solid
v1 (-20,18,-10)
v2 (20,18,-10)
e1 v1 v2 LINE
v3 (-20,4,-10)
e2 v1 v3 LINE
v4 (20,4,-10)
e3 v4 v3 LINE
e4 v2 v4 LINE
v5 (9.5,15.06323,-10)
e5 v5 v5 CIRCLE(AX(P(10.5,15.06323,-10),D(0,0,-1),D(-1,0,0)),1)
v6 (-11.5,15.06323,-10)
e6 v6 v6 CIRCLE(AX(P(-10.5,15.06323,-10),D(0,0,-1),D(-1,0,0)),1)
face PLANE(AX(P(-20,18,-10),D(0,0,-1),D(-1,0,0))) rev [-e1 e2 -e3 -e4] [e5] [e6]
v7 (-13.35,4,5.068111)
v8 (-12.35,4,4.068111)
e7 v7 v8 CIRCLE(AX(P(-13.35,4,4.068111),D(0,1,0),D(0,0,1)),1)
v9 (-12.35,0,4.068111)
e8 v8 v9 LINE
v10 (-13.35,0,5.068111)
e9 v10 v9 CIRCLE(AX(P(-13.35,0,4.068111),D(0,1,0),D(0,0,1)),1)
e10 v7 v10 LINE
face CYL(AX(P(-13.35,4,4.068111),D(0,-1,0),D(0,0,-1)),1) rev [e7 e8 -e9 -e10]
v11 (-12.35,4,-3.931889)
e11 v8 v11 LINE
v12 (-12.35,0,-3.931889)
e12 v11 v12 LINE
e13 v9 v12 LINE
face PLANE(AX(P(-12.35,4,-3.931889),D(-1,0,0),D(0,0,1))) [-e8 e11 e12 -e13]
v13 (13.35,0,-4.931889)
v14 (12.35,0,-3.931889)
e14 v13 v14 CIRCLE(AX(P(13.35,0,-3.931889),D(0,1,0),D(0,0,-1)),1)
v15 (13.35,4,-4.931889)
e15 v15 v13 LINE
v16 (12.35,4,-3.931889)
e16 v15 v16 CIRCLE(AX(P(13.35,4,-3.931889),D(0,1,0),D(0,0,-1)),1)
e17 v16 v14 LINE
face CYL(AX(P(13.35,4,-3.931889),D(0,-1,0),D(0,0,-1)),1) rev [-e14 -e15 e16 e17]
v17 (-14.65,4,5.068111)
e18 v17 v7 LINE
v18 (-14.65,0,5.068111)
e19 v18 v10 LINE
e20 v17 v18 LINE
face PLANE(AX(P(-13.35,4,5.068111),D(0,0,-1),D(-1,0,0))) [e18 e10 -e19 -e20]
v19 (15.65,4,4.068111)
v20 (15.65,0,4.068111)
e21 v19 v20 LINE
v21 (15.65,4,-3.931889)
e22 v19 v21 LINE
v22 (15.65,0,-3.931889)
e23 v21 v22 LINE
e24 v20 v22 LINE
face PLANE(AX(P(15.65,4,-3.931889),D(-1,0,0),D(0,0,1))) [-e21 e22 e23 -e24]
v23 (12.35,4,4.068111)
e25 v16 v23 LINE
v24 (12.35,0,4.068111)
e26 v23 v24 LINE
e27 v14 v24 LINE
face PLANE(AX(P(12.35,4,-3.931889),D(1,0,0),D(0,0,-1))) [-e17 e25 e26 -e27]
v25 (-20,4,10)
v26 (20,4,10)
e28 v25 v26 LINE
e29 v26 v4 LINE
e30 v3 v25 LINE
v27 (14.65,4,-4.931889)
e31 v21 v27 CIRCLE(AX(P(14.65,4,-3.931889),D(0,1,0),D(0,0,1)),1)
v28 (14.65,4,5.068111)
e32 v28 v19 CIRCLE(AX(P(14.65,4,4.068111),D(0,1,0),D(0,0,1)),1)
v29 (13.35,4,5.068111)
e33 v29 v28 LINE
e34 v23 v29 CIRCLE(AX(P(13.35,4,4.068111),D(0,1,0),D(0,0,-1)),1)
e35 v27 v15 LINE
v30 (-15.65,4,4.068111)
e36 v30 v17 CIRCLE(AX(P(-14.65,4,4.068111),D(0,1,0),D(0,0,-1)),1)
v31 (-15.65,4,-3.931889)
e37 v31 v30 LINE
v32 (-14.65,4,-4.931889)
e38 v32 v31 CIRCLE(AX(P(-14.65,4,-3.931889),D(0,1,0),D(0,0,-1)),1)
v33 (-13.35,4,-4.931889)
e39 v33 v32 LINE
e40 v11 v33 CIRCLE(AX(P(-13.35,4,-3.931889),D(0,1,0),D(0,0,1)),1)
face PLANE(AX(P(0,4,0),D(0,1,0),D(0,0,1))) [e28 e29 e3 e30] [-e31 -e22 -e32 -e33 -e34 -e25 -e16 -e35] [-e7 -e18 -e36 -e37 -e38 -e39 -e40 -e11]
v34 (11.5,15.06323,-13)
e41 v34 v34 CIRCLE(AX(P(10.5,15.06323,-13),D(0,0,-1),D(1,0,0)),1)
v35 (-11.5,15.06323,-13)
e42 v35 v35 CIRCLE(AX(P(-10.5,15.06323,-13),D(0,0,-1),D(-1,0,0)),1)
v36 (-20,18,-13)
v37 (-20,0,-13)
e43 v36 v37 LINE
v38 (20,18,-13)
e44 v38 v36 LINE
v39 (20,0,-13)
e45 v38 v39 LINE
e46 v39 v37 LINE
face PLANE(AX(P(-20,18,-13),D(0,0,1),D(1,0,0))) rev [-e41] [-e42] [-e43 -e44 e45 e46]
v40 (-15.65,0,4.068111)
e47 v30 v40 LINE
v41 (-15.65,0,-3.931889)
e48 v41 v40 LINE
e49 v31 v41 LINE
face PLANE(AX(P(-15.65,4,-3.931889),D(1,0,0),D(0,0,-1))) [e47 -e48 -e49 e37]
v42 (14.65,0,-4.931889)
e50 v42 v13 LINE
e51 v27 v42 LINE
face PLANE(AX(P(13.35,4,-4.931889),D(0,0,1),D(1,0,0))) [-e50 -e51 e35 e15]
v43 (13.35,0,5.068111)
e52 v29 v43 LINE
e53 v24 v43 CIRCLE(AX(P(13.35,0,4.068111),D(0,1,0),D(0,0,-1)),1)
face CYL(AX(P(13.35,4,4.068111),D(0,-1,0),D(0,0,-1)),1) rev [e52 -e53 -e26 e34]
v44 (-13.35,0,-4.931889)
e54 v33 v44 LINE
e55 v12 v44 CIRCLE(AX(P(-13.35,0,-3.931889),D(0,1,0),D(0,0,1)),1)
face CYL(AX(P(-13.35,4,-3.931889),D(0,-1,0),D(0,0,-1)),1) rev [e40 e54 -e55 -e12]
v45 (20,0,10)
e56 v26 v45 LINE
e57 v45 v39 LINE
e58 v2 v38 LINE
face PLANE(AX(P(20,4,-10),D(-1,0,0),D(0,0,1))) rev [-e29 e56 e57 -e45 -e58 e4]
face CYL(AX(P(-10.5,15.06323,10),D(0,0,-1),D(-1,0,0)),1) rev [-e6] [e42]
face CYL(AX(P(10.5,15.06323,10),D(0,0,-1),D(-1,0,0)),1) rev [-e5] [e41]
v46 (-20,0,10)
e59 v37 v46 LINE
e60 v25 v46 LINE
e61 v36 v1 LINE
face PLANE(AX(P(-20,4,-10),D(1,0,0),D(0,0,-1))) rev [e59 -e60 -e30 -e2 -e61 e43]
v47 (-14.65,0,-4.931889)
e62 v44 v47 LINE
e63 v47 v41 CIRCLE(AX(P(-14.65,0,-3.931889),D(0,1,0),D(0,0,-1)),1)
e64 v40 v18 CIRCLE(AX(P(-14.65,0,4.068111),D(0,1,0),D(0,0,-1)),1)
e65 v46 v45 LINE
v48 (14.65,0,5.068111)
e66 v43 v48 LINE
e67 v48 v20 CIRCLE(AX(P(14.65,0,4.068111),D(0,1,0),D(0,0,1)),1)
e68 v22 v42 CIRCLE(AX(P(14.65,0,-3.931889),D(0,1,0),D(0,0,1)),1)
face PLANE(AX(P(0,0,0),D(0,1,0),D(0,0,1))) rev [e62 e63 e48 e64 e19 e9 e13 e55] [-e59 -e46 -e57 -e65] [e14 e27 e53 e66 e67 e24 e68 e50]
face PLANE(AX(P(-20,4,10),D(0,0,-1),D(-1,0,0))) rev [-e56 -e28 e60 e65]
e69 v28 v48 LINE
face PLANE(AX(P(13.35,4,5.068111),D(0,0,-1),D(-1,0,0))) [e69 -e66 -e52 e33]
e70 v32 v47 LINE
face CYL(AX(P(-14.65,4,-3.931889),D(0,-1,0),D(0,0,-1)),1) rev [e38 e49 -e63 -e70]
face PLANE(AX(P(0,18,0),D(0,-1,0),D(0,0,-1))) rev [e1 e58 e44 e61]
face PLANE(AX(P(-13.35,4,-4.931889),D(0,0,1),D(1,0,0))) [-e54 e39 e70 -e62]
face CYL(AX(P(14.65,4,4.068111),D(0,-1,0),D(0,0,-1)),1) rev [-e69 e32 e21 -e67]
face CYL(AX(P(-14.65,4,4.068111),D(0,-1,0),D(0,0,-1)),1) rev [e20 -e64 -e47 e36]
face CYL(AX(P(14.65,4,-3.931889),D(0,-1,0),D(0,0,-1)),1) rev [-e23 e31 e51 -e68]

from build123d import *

# Parameters (mm, degrees)
SKETCH1_W           = 40
SKETCH1_H           = 20
BOSS_EXTRUDE1_DEPTH = 4
SKETCH2_W           = 40
SKETCH2_H           = 3
BOSS_EXTRUDE2_DEPTH = 18
SKETCH3_R           = 1
CUT_EXTRUDE1_DEPTH  = 36.397740041


with BuildPart() as part:
    # Sketch1 → Boss-Extrude1 (new body)
    with BuildSketch(Plane(origin=(0, 0, 0), x_dir=(1, 0, 0), z_dir=(0, 1, 0))):
        Rectangle(SKETCH1_W, SKETCH1_H)
        with BuildLine():
            Line((13.35, 4.93188921), (14.65, 4.93188921))
            ThreePointArc((14.65, 4.93188921), (15.357106781, 4.638995992), (15.65, 3.93188921))
            Line((15.65, 3.93188921), (15.65, -4.06811079))
            ThreePointArc((15.65, -4.06811079), (15.357106781, -4.775217571), (14.65, -5.06811079))
            Line((14.65, -5.06811079), (13.35, -5.06811079))
            ThreePointArc((13.35, -5.06811079), (12.642893219, -4.775217571), (12.35, -4.06811079))
            Line((12.35, -4.06811079), (12.35, 3.93188921))
            ThreePointArc((12.35, 3.93188921), (12.642893219, 4.638995992), (13.35, 4.93188921))
        make_face(mode=Mode.SUBTRACT)
        with BuildLine():
            Line((-15.65, 3.93188921), (-15.65, -4.06811079))
            ThreePointArc((-15.65, -4.06811079), (-15.357106781, -4.775217571), (-14.65, -5.06811079))
            Line((-14.65, -5.06811079), (-13.35, -5.06811079))
            ThreePointArc((-13.35, -5.06811079), (-12.642893219, -4.775217571), (-12.35, -4.06811079))
            Line((-12.35, -4.06811079), (-12.35, 3.93188921))
            ThreePointArc((-12.35, 3.93188921), (-12.642893219, 4.638995992), (-13.35, 4.93188921))
            Line((-13.35, 4.93188921), (-14.65, 4.93188921))
            ThreePointArc((-14.65, 4.93188921), (-15.357106781, 4.638995992), (-15.65, 3.93188921))
        make_face(mode=Mode.SUBTRACT)
    extrude(amount=BOSS_EXTRUDE1_DEPTH)

    # Sketch2 → Boss-Extrude2 (add)
    with BuildSketch(Plane(origin=(0, 0, 0), x_dir=(1, 0, 0), z_dir=(0, 1, 0))):
        with Locations((0, 11.5)):
            Rectangle(SKETCH2_W, SKETCH2_H)
    extrude(amount=BOSS_EXTRUDE2_DEPTH)

    # Sketch3 → Cut-Extrude1 (cut, through all)
    with BuildSketch(Plane(origin=(0, 0, -13), x_dir=(-1, 0, 0), z_dir=(0, 0, -1))):
        with Locations((10.5, 15.063230043)):
            Circle(SKETCH3_R)
        with Locations((-10.5, 15.063230043)):
            Circle(SKETCH3_R)
    extrude(amount=-CUT_EXTRUDE1_DEPTH, mode=Mode.SUBTRACT)


solid = part.part
